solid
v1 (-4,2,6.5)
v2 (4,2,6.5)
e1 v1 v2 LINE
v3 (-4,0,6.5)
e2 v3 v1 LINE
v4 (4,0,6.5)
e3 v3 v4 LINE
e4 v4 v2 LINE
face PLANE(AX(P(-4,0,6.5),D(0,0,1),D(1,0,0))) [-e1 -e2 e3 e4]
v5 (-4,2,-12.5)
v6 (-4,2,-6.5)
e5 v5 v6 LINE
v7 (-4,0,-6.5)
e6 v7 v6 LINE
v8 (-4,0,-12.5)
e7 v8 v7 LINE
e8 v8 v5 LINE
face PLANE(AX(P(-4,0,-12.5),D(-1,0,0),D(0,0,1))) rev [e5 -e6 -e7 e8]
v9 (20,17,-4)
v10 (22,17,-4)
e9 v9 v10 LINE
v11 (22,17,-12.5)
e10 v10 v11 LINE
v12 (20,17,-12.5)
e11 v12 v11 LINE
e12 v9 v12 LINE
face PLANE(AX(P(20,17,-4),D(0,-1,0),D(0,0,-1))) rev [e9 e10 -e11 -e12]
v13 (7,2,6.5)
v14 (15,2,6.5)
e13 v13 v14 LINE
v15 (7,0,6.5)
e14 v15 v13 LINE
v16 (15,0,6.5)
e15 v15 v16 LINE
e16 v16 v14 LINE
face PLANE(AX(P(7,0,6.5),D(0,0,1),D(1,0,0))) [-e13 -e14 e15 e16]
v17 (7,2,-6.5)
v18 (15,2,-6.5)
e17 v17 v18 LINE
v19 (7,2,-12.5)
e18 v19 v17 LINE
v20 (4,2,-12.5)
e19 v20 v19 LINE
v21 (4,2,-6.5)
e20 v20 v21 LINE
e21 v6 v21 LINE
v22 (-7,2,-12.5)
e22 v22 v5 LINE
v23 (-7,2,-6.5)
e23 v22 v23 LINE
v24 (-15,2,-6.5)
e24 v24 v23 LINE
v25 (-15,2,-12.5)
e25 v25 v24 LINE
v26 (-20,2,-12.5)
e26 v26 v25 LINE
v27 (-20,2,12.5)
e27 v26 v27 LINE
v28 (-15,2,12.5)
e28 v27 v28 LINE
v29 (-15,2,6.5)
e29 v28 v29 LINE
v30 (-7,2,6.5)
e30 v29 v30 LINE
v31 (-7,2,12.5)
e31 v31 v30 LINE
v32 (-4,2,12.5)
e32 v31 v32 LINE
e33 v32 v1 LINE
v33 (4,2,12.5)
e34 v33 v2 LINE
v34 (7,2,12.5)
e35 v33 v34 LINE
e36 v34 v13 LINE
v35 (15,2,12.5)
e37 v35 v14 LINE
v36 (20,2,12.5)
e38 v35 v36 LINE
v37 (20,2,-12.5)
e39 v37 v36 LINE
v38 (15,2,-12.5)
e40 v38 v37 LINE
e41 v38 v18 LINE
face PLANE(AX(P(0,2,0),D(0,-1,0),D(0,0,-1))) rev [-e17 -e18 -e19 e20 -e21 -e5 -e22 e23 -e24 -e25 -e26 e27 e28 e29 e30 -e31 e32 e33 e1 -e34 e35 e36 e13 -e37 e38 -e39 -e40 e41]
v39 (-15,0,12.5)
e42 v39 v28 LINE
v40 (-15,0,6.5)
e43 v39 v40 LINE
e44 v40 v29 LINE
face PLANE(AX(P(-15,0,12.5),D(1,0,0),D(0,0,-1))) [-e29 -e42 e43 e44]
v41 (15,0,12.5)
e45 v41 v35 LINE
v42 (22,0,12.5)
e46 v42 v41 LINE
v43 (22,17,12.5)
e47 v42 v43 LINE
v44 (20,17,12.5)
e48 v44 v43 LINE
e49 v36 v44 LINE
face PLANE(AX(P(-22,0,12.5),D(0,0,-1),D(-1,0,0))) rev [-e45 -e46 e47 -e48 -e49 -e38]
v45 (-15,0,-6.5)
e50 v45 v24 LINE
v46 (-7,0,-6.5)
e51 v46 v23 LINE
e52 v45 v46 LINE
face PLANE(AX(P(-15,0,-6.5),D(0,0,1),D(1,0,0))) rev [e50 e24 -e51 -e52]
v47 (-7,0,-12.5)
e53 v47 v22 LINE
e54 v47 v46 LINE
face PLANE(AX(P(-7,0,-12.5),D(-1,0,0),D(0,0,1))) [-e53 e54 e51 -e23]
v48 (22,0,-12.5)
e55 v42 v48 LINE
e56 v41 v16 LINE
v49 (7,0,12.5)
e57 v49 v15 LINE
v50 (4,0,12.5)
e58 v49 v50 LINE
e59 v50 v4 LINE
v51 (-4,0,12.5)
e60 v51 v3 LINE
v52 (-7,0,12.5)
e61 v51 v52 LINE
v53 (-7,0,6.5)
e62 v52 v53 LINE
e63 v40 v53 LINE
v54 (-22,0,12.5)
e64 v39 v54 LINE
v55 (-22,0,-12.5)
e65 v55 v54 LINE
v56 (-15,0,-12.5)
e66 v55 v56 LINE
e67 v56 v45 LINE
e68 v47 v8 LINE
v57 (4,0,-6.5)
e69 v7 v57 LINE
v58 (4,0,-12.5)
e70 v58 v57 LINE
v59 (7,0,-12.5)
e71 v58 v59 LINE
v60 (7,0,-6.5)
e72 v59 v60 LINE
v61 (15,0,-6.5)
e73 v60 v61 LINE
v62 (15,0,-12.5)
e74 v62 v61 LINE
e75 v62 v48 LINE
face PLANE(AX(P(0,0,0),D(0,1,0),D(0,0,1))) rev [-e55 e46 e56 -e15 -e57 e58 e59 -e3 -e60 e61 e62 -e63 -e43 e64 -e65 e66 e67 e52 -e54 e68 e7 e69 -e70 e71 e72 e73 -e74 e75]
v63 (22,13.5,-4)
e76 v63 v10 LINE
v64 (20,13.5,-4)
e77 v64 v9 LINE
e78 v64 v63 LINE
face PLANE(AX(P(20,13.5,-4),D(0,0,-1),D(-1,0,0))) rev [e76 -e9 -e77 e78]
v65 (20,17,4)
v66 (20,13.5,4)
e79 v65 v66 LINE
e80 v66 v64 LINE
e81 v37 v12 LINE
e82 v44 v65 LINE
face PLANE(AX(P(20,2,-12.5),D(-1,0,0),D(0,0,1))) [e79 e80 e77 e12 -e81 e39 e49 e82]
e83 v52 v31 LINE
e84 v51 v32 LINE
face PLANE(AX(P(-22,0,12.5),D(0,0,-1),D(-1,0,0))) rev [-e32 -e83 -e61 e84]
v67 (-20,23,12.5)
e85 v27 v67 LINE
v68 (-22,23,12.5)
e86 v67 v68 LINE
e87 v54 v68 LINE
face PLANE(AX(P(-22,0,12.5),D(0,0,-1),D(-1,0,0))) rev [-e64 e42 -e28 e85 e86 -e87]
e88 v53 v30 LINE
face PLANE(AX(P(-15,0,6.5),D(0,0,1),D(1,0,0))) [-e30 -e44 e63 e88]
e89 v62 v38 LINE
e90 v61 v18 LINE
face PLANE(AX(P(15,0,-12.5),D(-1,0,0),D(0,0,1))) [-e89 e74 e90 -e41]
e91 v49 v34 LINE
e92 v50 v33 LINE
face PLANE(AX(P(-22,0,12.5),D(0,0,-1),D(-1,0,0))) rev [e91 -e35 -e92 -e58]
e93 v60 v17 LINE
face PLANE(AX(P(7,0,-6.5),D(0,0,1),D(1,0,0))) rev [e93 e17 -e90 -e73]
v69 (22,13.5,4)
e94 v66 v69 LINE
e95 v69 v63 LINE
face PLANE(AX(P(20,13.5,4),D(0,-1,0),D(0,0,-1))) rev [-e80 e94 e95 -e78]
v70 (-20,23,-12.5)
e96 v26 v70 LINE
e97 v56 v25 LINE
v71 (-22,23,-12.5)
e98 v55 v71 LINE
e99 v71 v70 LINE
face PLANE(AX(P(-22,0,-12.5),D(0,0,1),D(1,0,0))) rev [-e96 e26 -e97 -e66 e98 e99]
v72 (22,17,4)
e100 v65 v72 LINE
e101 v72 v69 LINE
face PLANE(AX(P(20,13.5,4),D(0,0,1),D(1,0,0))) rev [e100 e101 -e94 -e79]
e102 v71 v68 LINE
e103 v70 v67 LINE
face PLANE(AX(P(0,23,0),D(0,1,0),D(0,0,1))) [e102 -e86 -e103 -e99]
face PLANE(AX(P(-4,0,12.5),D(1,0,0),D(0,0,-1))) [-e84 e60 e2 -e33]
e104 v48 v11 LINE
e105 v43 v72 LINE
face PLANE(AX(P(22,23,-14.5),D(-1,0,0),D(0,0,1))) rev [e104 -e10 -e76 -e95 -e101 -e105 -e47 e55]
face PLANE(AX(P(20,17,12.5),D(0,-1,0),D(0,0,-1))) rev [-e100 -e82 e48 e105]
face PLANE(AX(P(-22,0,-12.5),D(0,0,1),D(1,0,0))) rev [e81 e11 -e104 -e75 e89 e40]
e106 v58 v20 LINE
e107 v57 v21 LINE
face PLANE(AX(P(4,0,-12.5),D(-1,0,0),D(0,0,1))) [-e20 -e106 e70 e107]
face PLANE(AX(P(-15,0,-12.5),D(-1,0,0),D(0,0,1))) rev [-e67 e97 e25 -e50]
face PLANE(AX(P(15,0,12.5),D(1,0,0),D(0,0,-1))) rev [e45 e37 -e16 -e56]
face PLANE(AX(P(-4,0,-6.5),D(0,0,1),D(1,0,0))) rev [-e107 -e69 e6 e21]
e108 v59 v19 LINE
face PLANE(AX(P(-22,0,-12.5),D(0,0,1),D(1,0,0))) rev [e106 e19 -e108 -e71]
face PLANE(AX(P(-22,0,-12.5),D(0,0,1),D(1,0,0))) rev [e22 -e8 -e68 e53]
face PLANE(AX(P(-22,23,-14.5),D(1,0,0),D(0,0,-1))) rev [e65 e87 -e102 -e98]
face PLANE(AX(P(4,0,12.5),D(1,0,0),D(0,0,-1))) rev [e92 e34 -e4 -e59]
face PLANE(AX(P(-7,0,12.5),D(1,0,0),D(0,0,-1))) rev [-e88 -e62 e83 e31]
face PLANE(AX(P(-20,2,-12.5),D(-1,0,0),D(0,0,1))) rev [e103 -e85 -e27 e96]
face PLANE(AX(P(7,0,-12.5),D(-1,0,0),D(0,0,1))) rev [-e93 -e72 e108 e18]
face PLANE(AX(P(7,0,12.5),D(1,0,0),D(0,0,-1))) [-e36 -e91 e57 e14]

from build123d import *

# Parameters (mm, degrees)
SKETCH2_W           = 44
SKETCH2_H           = 29
BOSS_EXTRUDE1_DEPTH = 23
SKETCH3_W           = 40
SKETCH3_H           = 25
CUT_EXTRUDE1_DEPTH  = 21
SKETCH4_W           = 20.7
SKETCH4_H           = 2
CUT_EXTRUDE2_DEPTH  = 33
SKETCH5_W           = 30
SKETCH5_H           = 12.3
CUT_EXTRUDE3_DEPTH  = 2
CUT_EXTRUDE5_DEPTH  = 2
SKETCH11_W          = 3.9
SKETCH11_H          = 8.6
SKETCH11_W_2        = 7
SKETCH11_H_2        = 1.5
CUT_EXTRUDE6_DEPTH  = 2
SKETCH13_W          = 8
SKETCH13_H          = 6
CUT_EXTRUDE8_DEPTH  = 2
SKETCH14_W          = 44
SKETCH14_H          = 2
CUT_EXTRUDE9_DEPTH  = 23


with BuildPart() as part:
    # Sketch2 → Boss-Extrude1 (new body)
    with BuildSketch(Plane(origin=(0, 0, 0), x_dir=(1, 0, 0), z_dir=(0, 1, 0))):
        Rectangle(SKETCH2_W, SKETCH2_H)
    extrude(amount=BOSS_EXTRUDE1_DEPTH)

    # Sketch3 → Cut-Extrude1 (cut)
    with BuildSketch(Plane(origin=(0, 23, 0), x_dir=(1, 0, 0), z_dir=(0, 1, 0))):
        Rectangle(SKETCH3_W, SKETCH3_H)
    extrude(amount=-CUT_EXTRUDE1_DEPTH, mode=Mode.SUBTRACT)

    # Sketch4 → Cut-Extrude2 (cut)
    with BuildSketch(Plane.XY.offset(14.5)):
        with Locations((0.25, 18.2)):
            Rectangle(SKETCH4_W, SKETCH4_H)
    extrude(amount=-CUT_EXTRUDE2_DEPTH, mode=Mode.SUBTRACT)

    # Sketch5 → Cut-Extrude3 (cut)
    with BuildSketch(Plane.XY.offset(14.5)):
        with Locations((0, 8.15)):
            Rectangle(SKETCH5_W, SKETCH5_H)
    extrude(amount=-CUT_EXTRUDE3_DEPTH, mode=Mode.SUBTRACT)

    # Sketch8 → Cut-Extrude5 (cut)
    with BuildSketch(Plane(origin=(22, 0, 0), x_dir=(0, 0, -1), z_dir=(1, 0, 0))):
        Polygon((-12.5, 17), (-4, 17), (-4, 13.5), (4, 13.5), (4, 17), (12.5, 17), (12.5, 23), (-12.5, 23), align=None)
    extrude(amount=-CUT_EXTRUDE5_DEPTH, mode=Mode.SUBTRACT)

    # Sketch11 → Cut-Extrude6 (cut)
    with BuildSketch(Plane(origin=(0, 0, -14.5), x_dir=(-1, 0, 0), z_dir=(0, 0, -1))):
        with Locations((-18.05, 6.3)):
            Rectangle(SKETCH11_W, SKETCH11_H)
        with Locations((12.4, 2.75)):
            Rectangle(SKETCH11_W_2, SKETCH11_H_2)
    extrude(amount=-CUT_EXTRUDE6_DEPTH, mode=Mode.SUBTRACT)

    # Sketch13 → Cut-Extrude8 (cut)
    with BuildSketch(Plane(origin=(0, 2, 0), x_dir=(1, 0, 0), z_dir=(0, 1, 0))):
        with Locations((-11, -9.5)):
            Rectangle(SKETCH13_W, SKETCH13_H)
        with Locations((0, -9.5)):
            Rectangle(SKETCH13_W, SKETCH13_H)
        with Locations((11, 9.5)):
            Rectangle(SKETCH13_W, SKETCH13_H)
        with Locations((11, -9.5)):
            Rectangle(SKETCH13_W, SKETCH13_H)
        with Locations((-11, 9.5)):
            Rectangle(SKETCH13_W, SKETCH13_H)
        with Locations((0, 9.5)):
            Rectangle(SKETCH13_W, SKETCH13_H)
    extrude(amount=-CUT_EXTRUDE8_DEPTH, mode=Mode.SUBTRACT)

    # Sketch14 → Cut-Extrude9 (cut)
    with BuildSketch(Plane(origin=(0, 23, 0), x_dir=(1, 0, 0), z_dir=(0, 1, 0))):
        with Locations((0, -13.5)):
            Rectangle(SKETCH14_W, SKETCH14_H)
        with Locations((0, 13.5)):
            Rectangle(SKETCH14_W, SKETCH14_H)
    extrude(amount=-CUT_EXTRUDE9_DEPTH, mode=Mode.SUBTRACT)


solid = part.part
